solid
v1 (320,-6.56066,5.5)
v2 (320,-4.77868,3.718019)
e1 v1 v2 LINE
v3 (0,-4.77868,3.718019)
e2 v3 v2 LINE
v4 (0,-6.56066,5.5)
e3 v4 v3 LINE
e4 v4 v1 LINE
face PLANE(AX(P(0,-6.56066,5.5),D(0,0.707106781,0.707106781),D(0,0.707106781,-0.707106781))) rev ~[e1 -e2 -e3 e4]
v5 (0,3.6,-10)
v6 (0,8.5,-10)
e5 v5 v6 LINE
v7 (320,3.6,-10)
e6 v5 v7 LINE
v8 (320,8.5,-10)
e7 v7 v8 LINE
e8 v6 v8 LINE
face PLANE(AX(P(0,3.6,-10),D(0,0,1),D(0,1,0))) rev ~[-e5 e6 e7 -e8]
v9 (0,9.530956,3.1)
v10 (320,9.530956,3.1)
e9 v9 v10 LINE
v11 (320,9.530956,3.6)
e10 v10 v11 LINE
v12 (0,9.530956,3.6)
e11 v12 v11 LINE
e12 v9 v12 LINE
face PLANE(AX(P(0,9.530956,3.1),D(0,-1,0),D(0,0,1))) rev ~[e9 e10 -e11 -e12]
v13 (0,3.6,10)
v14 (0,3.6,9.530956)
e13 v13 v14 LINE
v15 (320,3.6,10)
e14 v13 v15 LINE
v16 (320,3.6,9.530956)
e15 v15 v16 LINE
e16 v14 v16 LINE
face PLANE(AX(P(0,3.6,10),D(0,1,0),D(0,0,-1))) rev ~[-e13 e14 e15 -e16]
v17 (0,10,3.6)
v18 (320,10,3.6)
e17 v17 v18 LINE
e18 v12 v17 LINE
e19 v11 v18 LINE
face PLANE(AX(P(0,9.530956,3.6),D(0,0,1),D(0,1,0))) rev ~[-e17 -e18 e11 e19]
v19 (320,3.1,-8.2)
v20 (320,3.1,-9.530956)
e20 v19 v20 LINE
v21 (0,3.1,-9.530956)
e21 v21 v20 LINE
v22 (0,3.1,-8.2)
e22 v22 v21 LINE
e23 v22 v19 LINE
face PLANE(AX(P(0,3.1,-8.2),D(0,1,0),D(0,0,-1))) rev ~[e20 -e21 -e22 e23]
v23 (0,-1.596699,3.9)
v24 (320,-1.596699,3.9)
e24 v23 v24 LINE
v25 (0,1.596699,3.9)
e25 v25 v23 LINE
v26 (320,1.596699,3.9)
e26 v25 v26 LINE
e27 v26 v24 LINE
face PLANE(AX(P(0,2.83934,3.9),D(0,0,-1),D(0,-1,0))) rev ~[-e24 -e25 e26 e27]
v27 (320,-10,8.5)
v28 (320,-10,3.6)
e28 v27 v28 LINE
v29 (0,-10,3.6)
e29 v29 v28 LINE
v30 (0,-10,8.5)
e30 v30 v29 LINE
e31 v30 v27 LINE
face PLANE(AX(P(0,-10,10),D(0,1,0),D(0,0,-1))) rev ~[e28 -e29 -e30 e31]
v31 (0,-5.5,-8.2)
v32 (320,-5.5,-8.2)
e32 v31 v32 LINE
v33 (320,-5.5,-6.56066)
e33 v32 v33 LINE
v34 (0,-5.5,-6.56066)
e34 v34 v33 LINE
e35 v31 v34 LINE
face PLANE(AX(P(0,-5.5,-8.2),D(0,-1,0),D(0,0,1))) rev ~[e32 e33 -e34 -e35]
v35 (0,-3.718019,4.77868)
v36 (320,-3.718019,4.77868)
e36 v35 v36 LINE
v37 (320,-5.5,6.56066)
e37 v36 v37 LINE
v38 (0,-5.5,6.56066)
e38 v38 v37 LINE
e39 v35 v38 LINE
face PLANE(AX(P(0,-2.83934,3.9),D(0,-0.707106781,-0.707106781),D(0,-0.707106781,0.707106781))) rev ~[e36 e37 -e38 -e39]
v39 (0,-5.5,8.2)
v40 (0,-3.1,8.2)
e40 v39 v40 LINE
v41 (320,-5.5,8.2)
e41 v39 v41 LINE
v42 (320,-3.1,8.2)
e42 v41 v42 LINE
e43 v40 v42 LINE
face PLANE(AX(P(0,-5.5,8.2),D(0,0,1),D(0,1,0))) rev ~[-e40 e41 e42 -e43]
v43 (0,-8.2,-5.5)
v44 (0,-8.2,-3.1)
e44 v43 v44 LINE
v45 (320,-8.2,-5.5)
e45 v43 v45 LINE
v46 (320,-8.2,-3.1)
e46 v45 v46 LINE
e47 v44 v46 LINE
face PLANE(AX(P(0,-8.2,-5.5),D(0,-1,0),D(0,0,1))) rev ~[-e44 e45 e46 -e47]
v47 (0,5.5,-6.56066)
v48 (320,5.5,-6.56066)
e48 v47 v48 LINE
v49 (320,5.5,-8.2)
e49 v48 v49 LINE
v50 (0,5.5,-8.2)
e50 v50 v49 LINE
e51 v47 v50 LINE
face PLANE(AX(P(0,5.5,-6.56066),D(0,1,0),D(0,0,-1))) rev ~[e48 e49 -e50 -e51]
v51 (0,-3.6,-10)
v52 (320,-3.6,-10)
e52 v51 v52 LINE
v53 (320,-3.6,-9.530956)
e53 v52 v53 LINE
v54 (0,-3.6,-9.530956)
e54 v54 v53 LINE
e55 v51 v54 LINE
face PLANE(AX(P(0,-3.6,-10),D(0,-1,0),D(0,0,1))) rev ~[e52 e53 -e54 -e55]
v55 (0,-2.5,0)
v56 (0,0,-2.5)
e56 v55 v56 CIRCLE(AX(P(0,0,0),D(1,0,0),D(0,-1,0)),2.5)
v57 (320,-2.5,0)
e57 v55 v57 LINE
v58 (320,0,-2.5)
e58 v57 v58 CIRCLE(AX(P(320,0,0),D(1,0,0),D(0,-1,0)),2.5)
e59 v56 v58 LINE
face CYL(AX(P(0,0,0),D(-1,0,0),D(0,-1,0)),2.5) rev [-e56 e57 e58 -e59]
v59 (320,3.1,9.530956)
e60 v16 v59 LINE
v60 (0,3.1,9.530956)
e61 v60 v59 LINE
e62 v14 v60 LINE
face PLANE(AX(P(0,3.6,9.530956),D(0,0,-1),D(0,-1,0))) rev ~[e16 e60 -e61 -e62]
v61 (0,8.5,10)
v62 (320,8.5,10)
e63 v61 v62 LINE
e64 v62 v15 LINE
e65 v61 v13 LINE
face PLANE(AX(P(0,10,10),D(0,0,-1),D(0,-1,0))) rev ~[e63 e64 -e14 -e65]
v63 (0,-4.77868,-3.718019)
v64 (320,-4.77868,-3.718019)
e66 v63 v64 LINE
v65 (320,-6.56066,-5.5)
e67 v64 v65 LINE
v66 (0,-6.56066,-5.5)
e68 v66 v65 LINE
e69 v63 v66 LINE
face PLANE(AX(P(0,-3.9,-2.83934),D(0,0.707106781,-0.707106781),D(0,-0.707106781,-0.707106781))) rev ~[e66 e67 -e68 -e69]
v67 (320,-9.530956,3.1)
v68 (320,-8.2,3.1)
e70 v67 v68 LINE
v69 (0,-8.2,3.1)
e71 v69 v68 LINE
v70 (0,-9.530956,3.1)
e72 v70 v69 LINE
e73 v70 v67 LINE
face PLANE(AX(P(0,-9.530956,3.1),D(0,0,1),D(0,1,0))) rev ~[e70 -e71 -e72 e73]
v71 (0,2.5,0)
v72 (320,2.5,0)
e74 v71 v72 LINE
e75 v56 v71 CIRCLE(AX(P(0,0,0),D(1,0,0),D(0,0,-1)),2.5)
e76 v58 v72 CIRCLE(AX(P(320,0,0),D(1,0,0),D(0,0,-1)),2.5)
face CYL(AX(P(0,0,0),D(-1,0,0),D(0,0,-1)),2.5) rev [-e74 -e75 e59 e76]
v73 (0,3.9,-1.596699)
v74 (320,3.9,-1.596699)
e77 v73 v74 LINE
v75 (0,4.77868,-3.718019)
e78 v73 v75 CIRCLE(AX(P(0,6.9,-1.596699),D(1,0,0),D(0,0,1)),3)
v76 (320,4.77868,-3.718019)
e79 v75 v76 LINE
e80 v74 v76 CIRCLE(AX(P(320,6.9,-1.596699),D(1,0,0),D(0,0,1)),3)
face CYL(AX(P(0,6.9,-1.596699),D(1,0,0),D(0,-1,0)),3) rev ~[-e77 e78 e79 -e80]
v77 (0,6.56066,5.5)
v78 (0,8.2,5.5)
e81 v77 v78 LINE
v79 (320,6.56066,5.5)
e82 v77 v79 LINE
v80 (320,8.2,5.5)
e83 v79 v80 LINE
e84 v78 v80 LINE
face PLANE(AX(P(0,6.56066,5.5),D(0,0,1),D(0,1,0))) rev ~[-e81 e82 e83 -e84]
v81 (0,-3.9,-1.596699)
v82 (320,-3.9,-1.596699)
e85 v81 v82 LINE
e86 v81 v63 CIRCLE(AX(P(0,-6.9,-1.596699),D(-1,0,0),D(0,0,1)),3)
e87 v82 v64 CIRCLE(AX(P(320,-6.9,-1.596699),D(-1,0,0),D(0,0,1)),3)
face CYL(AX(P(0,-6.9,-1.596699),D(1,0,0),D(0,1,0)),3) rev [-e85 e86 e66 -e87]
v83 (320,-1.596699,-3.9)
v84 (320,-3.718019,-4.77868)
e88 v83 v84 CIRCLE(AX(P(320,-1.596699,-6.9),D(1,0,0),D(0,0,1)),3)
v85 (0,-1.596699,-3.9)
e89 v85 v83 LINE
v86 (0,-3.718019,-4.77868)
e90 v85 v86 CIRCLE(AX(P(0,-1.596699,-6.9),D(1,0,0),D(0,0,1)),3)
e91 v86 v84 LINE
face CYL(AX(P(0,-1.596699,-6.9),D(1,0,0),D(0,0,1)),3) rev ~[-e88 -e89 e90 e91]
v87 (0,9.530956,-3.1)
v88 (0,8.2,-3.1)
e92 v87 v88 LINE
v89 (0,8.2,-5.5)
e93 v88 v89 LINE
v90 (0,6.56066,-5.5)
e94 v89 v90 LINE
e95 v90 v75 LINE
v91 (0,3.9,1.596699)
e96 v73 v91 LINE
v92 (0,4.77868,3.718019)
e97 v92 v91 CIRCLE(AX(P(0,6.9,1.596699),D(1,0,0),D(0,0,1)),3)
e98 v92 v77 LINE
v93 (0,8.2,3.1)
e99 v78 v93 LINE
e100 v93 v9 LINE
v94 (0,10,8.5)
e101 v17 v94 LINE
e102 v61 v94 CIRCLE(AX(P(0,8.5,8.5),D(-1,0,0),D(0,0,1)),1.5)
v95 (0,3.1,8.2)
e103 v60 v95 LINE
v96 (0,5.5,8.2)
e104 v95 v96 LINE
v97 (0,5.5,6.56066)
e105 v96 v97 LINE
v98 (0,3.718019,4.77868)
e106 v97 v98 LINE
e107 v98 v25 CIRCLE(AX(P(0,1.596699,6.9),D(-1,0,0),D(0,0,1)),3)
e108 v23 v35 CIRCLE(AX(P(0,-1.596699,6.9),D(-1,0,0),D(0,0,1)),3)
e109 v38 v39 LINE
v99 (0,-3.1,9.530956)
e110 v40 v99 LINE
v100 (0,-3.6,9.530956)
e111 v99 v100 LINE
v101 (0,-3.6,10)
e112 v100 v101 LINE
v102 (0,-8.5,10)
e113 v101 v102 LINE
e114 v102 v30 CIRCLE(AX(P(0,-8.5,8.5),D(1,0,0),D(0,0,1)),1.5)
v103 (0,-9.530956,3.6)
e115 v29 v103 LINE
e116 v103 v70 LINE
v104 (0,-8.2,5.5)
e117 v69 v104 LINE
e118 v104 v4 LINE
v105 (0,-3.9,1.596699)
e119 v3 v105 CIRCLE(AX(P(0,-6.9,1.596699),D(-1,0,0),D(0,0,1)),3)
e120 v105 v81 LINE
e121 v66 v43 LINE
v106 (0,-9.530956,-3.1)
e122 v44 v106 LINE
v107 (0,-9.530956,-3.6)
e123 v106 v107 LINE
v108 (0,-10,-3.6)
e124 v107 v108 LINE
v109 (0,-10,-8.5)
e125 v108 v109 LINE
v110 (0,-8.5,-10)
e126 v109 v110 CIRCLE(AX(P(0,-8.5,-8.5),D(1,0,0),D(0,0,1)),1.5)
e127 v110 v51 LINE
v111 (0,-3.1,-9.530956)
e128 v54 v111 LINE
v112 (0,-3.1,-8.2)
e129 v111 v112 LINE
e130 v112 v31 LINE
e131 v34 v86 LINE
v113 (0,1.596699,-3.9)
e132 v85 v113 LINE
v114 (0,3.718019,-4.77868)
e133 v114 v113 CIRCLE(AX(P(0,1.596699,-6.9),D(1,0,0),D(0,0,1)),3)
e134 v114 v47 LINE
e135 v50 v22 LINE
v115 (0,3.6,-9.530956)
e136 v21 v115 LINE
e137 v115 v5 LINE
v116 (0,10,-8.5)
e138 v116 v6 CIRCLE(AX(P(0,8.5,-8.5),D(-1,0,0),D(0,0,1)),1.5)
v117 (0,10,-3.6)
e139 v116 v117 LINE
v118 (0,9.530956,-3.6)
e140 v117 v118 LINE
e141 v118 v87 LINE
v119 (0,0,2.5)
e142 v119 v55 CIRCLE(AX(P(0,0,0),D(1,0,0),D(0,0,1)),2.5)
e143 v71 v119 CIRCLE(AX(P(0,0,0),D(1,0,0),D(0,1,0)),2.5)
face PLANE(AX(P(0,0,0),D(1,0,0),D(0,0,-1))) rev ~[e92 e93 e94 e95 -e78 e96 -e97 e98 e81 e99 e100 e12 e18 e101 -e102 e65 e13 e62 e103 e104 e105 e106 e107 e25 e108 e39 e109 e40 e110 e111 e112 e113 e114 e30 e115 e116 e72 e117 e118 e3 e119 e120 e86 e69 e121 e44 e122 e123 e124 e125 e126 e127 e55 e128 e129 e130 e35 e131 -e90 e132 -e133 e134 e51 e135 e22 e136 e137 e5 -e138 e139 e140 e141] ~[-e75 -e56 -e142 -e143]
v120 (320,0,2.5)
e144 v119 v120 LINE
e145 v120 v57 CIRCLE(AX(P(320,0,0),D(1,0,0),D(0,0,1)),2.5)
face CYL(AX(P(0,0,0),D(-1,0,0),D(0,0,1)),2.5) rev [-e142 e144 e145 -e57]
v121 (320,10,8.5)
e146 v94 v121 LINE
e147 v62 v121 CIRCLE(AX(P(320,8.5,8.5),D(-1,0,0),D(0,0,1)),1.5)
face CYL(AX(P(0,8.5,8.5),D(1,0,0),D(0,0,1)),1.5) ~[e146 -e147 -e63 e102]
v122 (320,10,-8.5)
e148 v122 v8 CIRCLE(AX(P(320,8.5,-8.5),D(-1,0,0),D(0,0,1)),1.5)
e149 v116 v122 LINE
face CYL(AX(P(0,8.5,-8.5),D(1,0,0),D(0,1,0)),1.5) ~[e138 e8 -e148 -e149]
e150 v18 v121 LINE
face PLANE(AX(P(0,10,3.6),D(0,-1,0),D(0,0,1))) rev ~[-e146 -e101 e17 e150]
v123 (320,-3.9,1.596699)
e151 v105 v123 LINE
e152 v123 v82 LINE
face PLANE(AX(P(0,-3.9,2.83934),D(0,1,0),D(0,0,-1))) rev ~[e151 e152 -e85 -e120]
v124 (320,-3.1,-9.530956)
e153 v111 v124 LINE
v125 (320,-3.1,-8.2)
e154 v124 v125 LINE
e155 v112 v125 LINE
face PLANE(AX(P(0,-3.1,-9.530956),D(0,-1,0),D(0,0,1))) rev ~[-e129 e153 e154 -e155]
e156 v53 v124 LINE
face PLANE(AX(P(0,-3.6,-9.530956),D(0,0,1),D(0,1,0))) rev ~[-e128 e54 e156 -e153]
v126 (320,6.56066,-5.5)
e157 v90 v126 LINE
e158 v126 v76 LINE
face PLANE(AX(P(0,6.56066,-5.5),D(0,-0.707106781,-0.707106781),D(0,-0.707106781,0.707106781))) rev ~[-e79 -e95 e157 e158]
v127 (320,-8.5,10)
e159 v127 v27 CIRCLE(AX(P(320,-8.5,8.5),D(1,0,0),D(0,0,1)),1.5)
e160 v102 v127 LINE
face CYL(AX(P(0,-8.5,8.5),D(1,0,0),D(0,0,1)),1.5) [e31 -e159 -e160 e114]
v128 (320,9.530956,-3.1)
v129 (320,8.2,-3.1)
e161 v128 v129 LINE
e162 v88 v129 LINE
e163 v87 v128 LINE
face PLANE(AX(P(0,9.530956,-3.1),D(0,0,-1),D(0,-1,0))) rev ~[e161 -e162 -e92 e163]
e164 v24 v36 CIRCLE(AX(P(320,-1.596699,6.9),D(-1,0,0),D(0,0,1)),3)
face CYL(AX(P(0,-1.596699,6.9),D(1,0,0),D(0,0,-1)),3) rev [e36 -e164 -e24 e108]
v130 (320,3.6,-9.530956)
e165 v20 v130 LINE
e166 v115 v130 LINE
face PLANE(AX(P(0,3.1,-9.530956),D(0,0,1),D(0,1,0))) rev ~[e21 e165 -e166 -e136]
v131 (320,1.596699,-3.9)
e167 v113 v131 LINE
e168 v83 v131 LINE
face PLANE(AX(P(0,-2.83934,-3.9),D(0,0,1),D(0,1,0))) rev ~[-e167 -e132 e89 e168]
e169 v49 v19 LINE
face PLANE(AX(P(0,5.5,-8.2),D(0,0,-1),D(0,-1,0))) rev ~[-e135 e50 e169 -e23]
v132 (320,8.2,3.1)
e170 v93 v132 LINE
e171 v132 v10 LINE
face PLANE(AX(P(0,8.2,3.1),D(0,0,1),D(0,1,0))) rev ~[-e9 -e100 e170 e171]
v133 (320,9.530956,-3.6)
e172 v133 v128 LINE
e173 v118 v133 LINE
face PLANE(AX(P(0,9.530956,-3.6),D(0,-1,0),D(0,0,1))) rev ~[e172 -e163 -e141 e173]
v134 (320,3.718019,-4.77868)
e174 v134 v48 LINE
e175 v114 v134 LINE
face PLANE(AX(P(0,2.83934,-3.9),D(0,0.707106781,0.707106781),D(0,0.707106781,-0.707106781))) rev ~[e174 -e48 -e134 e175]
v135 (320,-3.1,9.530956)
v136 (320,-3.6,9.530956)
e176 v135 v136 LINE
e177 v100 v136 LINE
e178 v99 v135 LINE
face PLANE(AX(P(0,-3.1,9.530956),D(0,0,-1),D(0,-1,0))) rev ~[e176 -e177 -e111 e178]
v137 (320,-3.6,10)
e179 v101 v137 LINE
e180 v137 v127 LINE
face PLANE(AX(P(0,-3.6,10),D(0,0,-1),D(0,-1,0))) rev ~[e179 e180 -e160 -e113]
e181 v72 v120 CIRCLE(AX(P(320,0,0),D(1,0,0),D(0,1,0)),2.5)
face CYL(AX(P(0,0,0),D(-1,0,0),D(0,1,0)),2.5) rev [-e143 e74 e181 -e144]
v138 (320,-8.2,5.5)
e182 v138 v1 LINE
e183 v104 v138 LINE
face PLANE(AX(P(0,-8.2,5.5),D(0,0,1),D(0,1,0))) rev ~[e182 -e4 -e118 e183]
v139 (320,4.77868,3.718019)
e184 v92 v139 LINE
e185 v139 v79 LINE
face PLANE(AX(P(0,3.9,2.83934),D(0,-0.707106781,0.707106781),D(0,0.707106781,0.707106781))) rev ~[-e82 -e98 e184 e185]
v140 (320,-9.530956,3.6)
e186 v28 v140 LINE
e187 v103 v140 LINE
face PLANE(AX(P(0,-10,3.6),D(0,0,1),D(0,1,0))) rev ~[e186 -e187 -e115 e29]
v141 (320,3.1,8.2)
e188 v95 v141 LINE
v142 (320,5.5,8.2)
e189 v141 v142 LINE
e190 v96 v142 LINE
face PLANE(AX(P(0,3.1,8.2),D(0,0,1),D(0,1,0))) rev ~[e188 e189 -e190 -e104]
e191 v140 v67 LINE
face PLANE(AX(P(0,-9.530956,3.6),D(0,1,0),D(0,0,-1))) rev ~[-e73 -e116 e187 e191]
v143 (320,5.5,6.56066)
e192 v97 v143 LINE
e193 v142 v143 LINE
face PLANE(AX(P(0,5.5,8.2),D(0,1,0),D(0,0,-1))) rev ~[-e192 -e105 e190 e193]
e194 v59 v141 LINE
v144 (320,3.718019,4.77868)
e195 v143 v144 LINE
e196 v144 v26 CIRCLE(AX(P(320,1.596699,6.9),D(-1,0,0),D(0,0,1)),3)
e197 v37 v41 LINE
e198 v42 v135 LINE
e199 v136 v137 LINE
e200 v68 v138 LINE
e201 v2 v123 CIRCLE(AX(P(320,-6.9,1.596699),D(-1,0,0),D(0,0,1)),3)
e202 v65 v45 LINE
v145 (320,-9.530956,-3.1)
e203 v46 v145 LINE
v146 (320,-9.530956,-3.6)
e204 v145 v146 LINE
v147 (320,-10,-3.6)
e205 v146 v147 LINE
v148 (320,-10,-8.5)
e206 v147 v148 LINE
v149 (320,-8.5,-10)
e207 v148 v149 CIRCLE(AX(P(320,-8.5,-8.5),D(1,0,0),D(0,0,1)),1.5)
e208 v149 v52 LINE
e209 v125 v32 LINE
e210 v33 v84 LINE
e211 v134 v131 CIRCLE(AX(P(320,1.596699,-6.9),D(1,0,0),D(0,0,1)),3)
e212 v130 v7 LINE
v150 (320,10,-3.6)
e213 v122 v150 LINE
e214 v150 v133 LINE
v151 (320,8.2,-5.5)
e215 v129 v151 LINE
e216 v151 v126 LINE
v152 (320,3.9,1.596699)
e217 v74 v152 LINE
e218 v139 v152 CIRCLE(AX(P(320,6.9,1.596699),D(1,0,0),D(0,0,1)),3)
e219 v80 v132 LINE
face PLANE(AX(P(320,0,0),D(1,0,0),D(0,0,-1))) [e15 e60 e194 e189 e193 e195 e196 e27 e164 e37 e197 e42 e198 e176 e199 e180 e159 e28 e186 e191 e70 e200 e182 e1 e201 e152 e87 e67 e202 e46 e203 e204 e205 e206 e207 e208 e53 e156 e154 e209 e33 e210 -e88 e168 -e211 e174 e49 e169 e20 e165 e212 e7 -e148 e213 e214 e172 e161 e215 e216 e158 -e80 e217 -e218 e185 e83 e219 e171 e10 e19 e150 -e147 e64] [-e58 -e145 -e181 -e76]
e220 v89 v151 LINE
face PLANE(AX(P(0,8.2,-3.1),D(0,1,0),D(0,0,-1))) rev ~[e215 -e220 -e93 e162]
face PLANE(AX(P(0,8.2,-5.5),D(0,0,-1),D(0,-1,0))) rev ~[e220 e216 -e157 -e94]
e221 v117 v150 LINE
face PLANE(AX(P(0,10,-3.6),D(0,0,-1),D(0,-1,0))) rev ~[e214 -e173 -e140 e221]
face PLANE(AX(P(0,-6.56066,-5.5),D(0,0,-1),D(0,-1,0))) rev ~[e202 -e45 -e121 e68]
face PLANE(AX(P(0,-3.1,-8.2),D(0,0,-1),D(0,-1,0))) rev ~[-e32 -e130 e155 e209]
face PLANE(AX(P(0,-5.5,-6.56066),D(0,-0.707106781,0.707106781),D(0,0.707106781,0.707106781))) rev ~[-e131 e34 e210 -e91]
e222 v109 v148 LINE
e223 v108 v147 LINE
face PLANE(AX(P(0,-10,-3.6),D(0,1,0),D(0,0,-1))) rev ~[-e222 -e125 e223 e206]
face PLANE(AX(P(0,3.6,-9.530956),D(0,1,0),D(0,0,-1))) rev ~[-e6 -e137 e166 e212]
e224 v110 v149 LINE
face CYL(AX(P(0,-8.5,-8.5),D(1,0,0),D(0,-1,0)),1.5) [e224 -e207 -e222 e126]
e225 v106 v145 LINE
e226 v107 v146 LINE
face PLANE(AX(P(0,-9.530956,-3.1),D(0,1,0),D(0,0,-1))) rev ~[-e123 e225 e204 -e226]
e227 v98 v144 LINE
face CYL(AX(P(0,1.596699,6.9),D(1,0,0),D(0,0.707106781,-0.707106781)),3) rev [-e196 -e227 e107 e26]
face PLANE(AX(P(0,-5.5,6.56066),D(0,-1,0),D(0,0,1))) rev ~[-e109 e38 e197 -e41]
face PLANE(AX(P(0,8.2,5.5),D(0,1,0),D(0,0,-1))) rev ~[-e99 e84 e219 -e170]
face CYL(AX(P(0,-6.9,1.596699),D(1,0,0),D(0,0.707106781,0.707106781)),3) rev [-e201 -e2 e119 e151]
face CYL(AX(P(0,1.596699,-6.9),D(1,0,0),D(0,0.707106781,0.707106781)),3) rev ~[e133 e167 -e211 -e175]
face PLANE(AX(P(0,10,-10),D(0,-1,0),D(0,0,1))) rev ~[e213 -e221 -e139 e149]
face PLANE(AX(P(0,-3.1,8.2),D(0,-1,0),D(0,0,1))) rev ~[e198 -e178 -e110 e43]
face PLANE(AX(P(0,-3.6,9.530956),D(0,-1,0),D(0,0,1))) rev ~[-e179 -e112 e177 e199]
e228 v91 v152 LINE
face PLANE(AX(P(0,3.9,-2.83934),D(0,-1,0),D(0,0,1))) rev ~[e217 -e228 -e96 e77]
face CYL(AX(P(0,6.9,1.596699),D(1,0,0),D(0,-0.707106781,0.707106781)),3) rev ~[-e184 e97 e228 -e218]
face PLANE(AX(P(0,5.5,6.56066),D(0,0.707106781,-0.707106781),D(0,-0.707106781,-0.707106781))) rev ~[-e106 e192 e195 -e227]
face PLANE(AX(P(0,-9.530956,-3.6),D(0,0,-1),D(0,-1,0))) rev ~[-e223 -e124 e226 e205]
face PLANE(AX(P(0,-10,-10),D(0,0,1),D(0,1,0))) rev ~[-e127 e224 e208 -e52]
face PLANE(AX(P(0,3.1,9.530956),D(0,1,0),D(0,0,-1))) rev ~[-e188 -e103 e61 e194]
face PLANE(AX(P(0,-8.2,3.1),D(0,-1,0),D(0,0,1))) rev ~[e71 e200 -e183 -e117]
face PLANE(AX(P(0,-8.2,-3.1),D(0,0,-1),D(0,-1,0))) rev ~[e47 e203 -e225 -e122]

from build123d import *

# Parameters (mm, degrees)
EXTRUDE_1_DEPTH = 320
FILLET_1_R      = 1.5
FILLET_2_R      = 3


with BuildPart() as part:
    # 草图1 → 凸台-拉伸1 (new body)
    with BuildSketch(Plane(origin=(0, 0, 0), x_dir=(0, 0, -1), z_dir=(1, 0, 0))):
        Polygon((-10, 10), (-10, 3.6), (-9.530955747, 3.6), (-9.530955747, 3.1), (-8.2, 3.1), (-8.2, 5.5), (-6.560660172, 5.5), (-3.9, 2.839339828), (-3.9, 0), (-3.9, -2.839339828), (-6.560660172, -5.5), (-8.2, -5.5), (-8.2, -3.1), (-9.530955747, -3.1), (-9.530955747, -3.6), (-10, -3.6), (-10, -10), (-3.6, -10), (-3.6, -9.530955747), (-3.1, -9.530955747), (-3.1, -8.2), (-5.5, -8.2), (-5.5, -6.560660172), (-2.839339828, -3.9), (0, -3.9), (2.839339828, -3.9), (5.5, -6.560660172), (5.5, -8.2), (3.1, -8.2), (3.1, -9.530955747), (3.6, -9.530955747), (3.6, -10), (10, -10), (10, -3.6), (9.530955747, -3.6), (9.530955747, -3.1), (8.2, -3.1), (8.2, -5.5), (6.560660172, -5.5), (3.9, -2.839339828), (3.9, 0), (3.9, 2.839339828), (6.560660172, 5.5), (8.2, 5.5), (8.2, 3.1), (9.530955747, 3.1), (9.530955747, 3.6), (10, 3.6), (10, 10), (3.6, 10), (3.6, 9.530955747), (3.1, 9.530955747), (3.1, 8.2), (5.5, 8.2), (5.5, 6.560660172), (2.839339828, 3.9), (0, 3.9), (-2.839339828, 3.9), (-5.5, 6.560660172), (-5.5, 8.2), (-3.1, 8.2), (-3.1, 9.530955747), (-3.6, 9.530955747), (-3.6, 10), align=None)
        with BuildLine():
            ThreePointArc((0, 2.5), (-1.767766953, 1.767766953), (-2.5, 0))
            ThreePointArc((-2.5, 0), (-1.767766953, -1.767766953), (0, -2.5))
            ThreePointArc((0, -2.5), (1.767766953, -1.767766953), (2.5, 0))
            ThreePointArc((2.5, 0), (1.767766953, 1.767766953), (0, 2.5))
        make_face(mode=Mode.SUBTRACT)
    extrude(amount=EXTRUDE_1_DEPTH)

    # 圆角1
    fillet_1_edges = [part.edges().sort_by_distance(p)[0] for p in [
        (160, -10, -10),
        (160, -10, 10),
        (160, 10, 10),
        (160, 10, -10),
    ]]
    fillet(fillet_1_edges, radius=FILLET_1_R)

    # 圆角2
    fillet_2_edges = [part.edges().sort_by_distance(p)[0] for p in [
        (160, -3.9, -2.839339828),
        (160, -3.9, 2.839339828),
        (160, -2.839339828, 3.9),
        (160, 2.839339828, 3.9),
        (160, 3.9, 2.839339828),
        (160, 3.9, -2.839339828),
        (160, 2.839339828, -3.9),
        (160, -2.839339828, -3.9),
    ]]
    fillet(fillet_2_edges, radius=FILLET_2_R)


solid = part.part
